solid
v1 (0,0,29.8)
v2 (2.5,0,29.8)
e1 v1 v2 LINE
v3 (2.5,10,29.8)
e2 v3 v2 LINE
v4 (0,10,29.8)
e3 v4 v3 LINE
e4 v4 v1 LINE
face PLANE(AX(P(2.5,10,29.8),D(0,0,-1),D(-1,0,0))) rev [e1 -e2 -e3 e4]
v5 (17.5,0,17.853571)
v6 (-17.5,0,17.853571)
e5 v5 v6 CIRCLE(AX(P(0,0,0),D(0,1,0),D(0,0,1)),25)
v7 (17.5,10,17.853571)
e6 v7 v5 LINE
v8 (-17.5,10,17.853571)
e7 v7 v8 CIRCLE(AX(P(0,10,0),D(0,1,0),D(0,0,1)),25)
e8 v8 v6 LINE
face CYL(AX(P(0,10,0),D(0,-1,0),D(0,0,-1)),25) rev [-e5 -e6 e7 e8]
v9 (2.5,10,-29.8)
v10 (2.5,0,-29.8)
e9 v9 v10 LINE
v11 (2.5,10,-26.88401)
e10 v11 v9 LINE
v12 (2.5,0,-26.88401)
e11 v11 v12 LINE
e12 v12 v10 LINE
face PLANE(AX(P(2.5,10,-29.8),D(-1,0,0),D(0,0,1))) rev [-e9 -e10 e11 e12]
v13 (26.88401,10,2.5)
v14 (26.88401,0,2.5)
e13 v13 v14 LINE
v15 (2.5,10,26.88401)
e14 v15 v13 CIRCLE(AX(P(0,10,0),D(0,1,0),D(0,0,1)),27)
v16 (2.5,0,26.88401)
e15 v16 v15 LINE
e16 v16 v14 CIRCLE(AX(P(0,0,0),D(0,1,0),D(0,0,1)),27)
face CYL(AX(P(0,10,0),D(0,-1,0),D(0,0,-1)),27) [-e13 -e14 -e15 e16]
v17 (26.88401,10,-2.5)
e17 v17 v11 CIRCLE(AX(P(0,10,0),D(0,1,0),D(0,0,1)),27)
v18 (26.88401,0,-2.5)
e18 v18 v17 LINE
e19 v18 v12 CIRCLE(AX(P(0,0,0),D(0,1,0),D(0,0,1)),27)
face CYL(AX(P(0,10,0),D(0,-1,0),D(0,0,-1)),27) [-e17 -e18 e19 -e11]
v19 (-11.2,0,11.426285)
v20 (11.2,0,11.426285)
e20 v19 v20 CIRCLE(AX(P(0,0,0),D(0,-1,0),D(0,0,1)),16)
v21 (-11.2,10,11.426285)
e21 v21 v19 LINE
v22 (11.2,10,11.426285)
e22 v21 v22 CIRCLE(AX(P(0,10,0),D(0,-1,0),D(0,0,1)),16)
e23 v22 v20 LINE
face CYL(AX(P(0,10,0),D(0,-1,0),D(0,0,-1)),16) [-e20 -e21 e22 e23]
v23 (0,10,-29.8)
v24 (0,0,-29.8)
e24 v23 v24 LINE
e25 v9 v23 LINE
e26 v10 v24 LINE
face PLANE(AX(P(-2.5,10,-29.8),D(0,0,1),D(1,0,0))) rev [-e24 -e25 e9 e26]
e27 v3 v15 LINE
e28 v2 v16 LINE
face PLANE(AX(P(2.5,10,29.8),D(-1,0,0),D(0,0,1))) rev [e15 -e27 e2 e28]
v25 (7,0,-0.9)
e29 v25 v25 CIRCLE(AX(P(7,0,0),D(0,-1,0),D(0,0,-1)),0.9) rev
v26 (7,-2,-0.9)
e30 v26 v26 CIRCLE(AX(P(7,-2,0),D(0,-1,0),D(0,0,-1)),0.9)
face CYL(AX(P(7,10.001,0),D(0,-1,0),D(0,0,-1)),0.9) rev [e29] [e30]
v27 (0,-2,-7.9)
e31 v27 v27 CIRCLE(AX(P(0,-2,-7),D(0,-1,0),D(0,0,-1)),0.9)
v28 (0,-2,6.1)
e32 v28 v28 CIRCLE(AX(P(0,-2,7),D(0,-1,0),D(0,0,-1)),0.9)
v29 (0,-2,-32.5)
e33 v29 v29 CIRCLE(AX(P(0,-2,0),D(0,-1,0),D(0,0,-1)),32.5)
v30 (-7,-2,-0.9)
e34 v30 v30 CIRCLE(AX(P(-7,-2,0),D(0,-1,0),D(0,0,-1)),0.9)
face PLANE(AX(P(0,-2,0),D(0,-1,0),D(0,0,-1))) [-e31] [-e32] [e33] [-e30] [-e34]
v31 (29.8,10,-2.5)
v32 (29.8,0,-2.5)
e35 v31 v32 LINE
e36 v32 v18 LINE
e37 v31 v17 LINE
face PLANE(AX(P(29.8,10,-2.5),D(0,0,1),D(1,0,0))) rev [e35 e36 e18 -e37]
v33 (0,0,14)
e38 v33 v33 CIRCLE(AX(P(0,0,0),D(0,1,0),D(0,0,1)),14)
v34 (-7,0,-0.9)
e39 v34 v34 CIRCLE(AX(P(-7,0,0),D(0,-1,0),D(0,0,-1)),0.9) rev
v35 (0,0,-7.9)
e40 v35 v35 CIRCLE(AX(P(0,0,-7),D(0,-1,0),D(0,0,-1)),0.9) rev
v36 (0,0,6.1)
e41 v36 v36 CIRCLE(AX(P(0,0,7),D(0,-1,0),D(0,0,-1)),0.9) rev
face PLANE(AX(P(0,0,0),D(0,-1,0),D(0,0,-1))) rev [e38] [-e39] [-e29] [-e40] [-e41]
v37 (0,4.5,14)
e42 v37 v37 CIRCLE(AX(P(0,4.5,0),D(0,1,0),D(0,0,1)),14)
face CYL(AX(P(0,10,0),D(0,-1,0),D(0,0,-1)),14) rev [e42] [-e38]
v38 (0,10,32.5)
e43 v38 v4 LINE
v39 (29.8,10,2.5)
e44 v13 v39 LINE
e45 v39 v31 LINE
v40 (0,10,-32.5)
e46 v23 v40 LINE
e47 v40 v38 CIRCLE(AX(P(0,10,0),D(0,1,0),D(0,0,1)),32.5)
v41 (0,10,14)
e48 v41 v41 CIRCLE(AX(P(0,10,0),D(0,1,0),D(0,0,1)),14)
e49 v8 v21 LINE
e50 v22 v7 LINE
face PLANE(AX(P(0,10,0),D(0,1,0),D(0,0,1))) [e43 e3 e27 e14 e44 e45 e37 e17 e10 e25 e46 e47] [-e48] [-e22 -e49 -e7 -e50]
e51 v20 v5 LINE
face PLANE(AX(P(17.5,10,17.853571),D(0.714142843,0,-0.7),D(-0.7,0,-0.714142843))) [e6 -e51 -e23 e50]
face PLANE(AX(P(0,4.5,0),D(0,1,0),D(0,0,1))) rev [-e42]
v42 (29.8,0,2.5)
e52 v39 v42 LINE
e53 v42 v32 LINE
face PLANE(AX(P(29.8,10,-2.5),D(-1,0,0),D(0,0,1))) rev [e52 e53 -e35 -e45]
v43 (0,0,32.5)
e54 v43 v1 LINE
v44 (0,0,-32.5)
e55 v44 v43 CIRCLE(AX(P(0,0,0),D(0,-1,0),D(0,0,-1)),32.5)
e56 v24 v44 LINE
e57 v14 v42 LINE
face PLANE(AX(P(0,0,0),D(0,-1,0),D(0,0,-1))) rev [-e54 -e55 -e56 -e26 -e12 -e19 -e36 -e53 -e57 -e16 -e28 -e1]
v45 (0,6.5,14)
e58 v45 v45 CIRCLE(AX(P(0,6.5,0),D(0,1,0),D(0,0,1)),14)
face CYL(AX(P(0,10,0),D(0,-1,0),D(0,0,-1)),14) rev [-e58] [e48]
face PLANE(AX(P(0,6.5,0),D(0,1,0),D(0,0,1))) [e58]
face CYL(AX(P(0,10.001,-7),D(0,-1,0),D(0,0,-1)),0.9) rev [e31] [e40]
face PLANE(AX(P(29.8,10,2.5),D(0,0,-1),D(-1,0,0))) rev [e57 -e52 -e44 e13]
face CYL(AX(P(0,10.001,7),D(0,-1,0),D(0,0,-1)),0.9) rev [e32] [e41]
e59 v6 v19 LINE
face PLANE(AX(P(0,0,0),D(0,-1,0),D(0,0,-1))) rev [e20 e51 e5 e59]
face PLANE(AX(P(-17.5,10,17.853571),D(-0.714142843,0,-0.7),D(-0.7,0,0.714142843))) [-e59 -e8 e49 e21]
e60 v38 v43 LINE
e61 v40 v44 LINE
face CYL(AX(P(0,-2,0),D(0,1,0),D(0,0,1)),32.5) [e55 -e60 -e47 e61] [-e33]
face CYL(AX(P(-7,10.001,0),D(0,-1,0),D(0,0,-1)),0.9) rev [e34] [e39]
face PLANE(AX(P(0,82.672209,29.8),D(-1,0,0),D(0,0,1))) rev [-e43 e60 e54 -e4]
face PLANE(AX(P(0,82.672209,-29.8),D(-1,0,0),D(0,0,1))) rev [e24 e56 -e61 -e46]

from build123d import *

# Parameters (mm, degrees)
SKETCH1_R           = 27
SKETCH1_R_2         = 14
BOSS_EXTRUDE1_DEPTH = 10
SKETCH2_R           = 32.5
BOSS_EXTRUDE2_DEPTH = 2
SKETCH3_W           = 5
SKETCH3_H           = 4.39677325
SKETCH3_W_2         = 4.39677325
SKETCH3_H_2         = 5
BOSS_EXTRUDE3_DEPTH = 10
CUT_EXTRUDE1_REACH  = 49.503
SKETCH4_R           = 0.9
BOSS_EXTRUDE4_DEPTH = 10
BOSS_EXTRUDE5_START = -2
SKETCH6_R           = 14
BOSS_EXTRUDE5_DEPTH = 2


with BuildPart() as part:
    # Sketch1 → Boss-Extrude1 (new body)
    with BuildSketch(Plane(origin=(0, 0, 0), x_dir=(1, 0, 0), z_dir=(0, 1, 0))):
        with Locations(Location((0, 0, 0), (0, 0, 270))):
            Circle(SKETCH1_R)
        with Locations(Location((0, 0, 0), (0, 0, 270))):
            Circle(SKETCH1_R_2, mode=Mode.SUBTRACT)
        with BuildLine():
            Line((-17.5, -17.853571071), (-11.2, -11.426285486))
            ThreePointArc((-11.2, -11.426285486), (0, 16), (11.2, -11.426285486))
            Line((11.2, -11.426285486), (17.5, -17.853571071))
            ThreePointArc((17.5, -17.853571071), (0, 25), (-17.5, -17.853571071))
        make_face(mode=Mode.SUBTRACT)
    extrude(amount=BOSS_EXTRUDE1_DEPTH)

    # Sketch2 → Boss-Extrude2 (add)
    with BuildSketch(Plane.XZ):
        with Locations(Location((0, 0, 0), (0, 0, 270))):
            Circle(SKETCH2_R)
    extrude(amount=BOSS_EXTRUDE2_DEPTH)

    # Sketch3 → Boss-Extrude3 (add)
    with BuildSketch(Plane(origin=(0, 0, 0), x_dir=(1, 0, 0), z_dir=(0, 1, 0))):
        with Locations((0, 27.601613375)):
            Rectangle(SKETCH3_W, SKETCH3_H)
        with Locations((27.601613375, 0)):
            Rectangle(SKETCH3_W_2, SKETCH3_H_2)
        with Locations((0, -27.601613375)):
            Rectangle(SKETCH3_W, SKETCH3_H)
        with Locations((-27.601613375, 0)):
            Rectangle(SKETCH3_W_2, SKETCH3_H_2)
    extrude(amount=BOSS_EXTRUDE3_DEPTH)

    # Sketch4 → Cut-Extrude1 (cut, up to next)
    with BuildSketch(Plane.XZ.offset(2), mode=Mode.PRIVATE) as cut_extrude1_sk1:
        with Locations(Location((0, -7, 0), (0, 0, 270))):
            Circle(SKETCH4_R)
    cut_extrude1_tool1 = extrude(cut_extrude1_sk1.sketch, amount=-CUT_EXTRUDE1_REACH, mode=Mode.PRIVATE) & part.part
    # Sketch4 → Cut-Extrude1 (cut, up to next)
    with BuildSketch(Plane.XZ.offset(2), mode=Mode.PRIVATE) as cut_extrude1_sk2:
        with Locations(Location((-7, 0, 0), (0, 0, 270))):
            Circle(SKETCH4_R)
    cut_extrude1_tool2 = extrude(cut_extrude1_sk2.sketch, amount=-CUT_EXTRUDE1_REACH, mode=Mode.PRIVATE) & part.part
    # Sketch4 → Cut-Extrude1 (cut, up to next)
    with BuildSketch(Plane.XZ.offset(2), mode=Mode.PRIVATE) as cut_extrude1_sk3:
        with Locations(Location((0, 7, 0), (0, 0, 270))):
            Circle(SKETCH4_R)
    cut_extrude1_tool3 = extrude(cut_extrude1_sk3.sketch, amount=-CUT_EXTRUDE1_REACH, mode=Mode.PRIVATE) & part.part
    # Sketch4 → Cut-Extrude1 (cut, up to next)
    with BuildSketch(Plane.XZ.offset(2), mode=Mode.PRIVATE) as cut_extrude1_sk4:
        with Locations(Location((7, 0, 0), (0, 0, 270))):
            Circle(SKETCH4_R)
    cut_extrude1_tool4 = extrude(cut_extrude1_sk4.sketch, amount=-CUT_EXTRUDE1_REACH, mode=Mode.PRIVATE) & part.part
    add(cut_extrude1_tool1.solids().sort_by_distance((0, -2, -7))[0], mode=Mode.SUBTRACT)
    add(cut_extrude1_tool2.solids().sort_by_distance((-7, -2, 0))[0], mode=Mode.SUBTRACT)
    add(cut_extrude1_tool3.solids().sort_by_distance((0, -2, 7))[0], mode=Mode.SUBTRACT)
    add(cut_extrude1_tool4.solids().sort_by_distance((7, -2, 0))[0], mode=Mode.SUBTRACT)

    # Sketch5 → Boss-Extrude4 (add)
    with BuildSketch(Plane(origin=(0, 0, 0), x_dir=(1, 0, 0), z_dir=(0, 1, 0))):
        with BuildLine():
            Line((0, 29.8), (0, 32.5))
            ThreePointArc((0, 32.5), (-32.5, 0), (0, -32.5))
            Line((0, -32.5), (0, -29.8))
            Line((0, -29.8), (-2.5, -29.8))
            Line((-2.5, -29.8), (-2.5, -26.884010118))
            ThreePointArc((-2.5, -26.884010118), (-19.091883092, -19.091883092), (-26.884010118, -2.5))
            Line((-26.884010118, -2.5), (-29.8, -2.5))
            Line((-29.8, -2.5), (-29.8, 2.5))
            Line((-29.8, 2.5), (-26.884010118, 2.5))
            ThreePointArc((-26.884010118, 2.5), (-19.091883092, 19.091883092), (-2.5, 26.884010118))
            Line((-2.5, 26.884010118), (-2.5, 29.8))
            Line((-2.5, 29.8), (0, 29.8))
        make_face()
    extrude(amount=BOSS_EXTRUDE4_DEPTH)

    # Sketch6 → Boss-Extrude5 (add)
    with BuildSketch(Plane(origin=(0, 6.5, 0), x_dir=(1, 0, 0), z_dir=(0, 1, 0)).offset(BOSS_EXTRUDE5_START)):
        with Locations(Location((0, 0, 0), (0, 0, 270))):
            Circle(SKETCH6_R)
    extrude(amount=BOSS_EXTRUDE5_DEPTH)


solid = part.part
